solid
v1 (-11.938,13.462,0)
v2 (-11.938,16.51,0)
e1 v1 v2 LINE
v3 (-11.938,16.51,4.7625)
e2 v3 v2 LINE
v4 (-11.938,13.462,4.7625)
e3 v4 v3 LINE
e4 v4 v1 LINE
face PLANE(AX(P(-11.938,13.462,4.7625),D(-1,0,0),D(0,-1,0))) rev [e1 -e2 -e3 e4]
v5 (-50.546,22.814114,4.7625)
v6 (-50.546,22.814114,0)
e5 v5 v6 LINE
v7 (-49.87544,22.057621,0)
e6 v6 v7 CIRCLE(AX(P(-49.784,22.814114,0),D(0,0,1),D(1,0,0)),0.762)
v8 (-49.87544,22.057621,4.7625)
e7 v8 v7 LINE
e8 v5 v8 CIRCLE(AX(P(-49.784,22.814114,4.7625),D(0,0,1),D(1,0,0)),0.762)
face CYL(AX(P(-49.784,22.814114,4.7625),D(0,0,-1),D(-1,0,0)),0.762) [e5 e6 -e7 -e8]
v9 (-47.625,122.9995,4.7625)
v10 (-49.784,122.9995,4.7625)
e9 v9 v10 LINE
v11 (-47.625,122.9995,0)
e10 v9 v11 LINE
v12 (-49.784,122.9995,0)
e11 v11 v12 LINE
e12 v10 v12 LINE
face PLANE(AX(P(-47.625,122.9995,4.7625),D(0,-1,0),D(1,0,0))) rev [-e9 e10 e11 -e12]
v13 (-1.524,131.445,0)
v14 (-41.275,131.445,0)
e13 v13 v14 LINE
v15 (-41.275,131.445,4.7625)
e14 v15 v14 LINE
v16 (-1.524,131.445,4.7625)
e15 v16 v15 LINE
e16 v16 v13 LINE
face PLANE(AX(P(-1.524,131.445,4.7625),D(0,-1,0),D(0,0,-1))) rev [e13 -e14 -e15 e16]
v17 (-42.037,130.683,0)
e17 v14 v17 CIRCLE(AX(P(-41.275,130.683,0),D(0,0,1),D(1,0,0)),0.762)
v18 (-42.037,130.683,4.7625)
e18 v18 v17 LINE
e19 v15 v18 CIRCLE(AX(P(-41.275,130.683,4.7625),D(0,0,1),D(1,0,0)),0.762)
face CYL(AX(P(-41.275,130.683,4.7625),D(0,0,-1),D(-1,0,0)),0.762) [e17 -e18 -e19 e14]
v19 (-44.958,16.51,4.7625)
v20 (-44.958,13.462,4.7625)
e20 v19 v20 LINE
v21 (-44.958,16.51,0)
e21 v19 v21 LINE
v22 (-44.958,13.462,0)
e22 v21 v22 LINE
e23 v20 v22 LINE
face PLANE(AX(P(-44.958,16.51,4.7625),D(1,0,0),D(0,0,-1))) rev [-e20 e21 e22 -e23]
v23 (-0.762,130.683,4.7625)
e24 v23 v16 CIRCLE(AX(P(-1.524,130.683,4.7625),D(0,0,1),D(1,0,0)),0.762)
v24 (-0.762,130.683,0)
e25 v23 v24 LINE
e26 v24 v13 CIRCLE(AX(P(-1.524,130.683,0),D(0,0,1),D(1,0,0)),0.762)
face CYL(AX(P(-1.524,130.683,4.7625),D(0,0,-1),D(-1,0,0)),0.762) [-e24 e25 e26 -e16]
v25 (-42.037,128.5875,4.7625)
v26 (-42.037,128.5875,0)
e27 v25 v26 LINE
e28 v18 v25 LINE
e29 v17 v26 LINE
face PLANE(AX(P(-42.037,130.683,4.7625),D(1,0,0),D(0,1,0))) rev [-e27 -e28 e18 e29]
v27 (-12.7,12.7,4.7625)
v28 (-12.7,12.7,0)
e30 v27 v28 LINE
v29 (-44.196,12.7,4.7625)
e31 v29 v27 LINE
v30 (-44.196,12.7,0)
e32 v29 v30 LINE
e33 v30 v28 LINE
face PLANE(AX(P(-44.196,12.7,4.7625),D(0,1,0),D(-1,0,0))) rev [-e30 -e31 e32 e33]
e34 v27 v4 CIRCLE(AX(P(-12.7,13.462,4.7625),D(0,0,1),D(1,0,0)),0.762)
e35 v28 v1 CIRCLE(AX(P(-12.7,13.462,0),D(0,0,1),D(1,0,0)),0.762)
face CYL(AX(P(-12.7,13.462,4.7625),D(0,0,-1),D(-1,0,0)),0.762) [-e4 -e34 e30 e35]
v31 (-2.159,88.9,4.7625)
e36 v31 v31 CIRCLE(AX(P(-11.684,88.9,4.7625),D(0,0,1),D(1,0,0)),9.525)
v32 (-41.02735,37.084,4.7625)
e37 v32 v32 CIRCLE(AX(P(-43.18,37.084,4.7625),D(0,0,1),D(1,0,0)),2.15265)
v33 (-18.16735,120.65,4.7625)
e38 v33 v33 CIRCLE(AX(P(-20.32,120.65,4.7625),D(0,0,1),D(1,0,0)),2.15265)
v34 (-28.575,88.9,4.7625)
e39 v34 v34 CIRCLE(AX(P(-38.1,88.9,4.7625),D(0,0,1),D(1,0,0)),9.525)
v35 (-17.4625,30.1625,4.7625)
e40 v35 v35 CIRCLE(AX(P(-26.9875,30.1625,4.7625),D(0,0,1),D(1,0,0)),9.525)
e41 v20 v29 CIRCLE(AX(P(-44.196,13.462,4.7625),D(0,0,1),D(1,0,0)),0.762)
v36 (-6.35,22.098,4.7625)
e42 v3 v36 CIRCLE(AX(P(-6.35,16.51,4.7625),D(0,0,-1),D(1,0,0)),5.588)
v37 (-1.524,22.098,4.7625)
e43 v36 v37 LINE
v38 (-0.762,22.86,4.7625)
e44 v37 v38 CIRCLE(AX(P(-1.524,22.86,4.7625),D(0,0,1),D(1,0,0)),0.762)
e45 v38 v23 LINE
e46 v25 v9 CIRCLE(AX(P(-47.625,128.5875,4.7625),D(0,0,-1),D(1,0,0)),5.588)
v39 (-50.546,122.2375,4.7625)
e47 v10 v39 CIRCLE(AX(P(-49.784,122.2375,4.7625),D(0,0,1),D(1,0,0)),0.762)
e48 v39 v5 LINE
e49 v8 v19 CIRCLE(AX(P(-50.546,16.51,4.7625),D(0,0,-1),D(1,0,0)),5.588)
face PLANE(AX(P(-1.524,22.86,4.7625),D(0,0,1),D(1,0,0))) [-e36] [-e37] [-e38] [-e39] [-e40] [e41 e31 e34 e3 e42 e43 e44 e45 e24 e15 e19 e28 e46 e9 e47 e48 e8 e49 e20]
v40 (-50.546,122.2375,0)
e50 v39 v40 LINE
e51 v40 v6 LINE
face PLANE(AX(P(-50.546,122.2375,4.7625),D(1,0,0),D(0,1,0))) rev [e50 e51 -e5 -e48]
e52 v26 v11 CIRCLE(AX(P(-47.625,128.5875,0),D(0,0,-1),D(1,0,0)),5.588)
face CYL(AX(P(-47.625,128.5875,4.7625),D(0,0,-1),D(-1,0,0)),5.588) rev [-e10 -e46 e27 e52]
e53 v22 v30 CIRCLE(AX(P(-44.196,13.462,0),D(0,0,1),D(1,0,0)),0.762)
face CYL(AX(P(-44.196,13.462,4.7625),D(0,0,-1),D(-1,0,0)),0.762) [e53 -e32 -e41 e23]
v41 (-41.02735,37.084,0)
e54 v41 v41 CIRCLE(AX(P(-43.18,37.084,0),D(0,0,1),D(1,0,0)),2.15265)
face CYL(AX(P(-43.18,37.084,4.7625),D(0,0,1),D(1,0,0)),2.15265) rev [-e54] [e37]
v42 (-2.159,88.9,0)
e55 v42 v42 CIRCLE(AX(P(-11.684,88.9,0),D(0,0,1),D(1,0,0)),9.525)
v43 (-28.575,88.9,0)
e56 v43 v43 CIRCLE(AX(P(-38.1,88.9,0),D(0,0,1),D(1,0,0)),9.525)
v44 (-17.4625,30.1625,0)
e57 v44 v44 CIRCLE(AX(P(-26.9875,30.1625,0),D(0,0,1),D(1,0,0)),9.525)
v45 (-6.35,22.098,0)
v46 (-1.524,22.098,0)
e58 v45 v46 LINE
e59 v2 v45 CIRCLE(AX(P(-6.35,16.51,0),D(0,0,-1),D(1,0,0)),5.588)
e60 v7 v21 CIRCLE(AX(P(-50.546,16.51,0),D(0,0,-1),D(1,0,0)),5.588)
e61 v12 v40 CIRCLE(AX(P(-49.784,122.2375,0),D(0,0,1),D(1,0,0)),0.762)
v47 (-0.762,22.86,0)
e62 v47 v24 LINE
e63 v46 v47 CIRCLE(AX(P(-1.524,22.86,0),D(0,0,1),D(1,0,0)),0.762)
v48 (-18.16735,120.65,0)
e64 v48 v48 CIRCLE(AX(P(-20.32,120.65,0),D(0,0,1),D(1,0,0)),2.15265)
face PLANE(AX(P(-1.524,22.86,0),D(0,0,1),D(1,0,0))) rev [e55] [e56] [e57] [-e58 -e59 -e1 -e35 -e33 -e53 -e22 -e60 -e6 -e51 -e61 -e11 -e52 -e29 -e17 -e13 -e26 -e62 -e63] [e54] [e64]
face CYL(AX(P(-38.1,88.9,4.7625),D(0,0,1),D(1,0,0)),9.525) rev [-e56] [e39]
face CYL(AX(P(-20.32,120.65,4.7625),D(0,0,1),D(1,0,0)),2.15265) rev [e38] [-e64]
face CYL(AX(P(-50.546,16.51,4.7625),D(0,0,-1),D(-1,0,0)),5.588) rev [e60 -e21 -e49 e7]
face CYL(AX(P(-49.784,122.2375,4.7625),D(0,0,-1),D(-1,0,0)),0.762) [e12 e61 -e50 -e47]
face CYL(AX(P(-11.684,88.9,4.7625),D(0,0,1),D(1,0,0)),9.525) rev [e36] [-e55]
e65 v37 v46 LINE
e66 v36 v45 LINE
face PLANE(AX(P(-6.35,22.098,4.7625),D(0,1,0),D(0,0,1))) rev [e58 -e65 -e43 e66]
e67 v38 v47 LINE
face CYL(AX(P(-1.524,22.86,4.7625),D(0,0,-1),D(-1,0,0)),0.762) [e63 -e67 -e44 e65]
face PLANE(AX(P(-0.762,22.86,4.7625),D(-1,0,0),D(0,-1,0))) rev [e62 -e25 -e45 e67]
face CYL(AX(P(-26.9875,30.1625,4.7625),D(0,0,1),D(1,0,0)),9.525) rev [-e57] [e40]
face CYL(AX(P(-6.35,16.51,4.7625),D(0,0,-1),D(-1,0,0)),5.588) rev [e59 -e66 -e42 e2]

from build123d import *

# Parameters (mm, degrees)
BOSS_EXTRUDE1_DEPTH         = 4.7625
F_3_4_0_75_DIAMETER_HOLE1_D = 19.05
F_6_CLEARANCE_HOLE1_D       = 4.3053


with BuildPart() as part:
    # Sketch1 → Boss-Extrude1 (new body)
    with BuildSketch(Plane.XY):
        with BuildLine():
            Line((-0.762, 22.86), (-0.762, 130.683))
            ThreePointArc((-0.762, 130.683), (-0.985184633, 131.221815367), (-1.524, 131.445))
            Line((-1.524, 131.445), (-41.275, 131.445))
            ThreePointArc((-41.275, 131.445), (-41.813815367, 131.221815367), (-42.037, 130.683))
            Line((-42.037, 130.683), (-42.037, 128.5875))
            ThreePointArc((-42.037, 128.5875), (-43.673687307, 124.636187307), (-47.625, 122.9995))
            Line((-47.625, 122.9995), (-49.784, 122.9995))
            ThreePointArc((-49.784, 122.9995), (-50.322815367, 122.776315367), (-50.546, 122.2375))
            Line((-50.546, 122.2375), (-50.546, 22.814114212))
            ThreePointArc((-50.546, 22.814114212), (-50.354228586, 22.308660594), (-49.87544, 22.057620507))
            ThreePointArc((-49.87544, 22.057620507), (-46.364323705, 20.216659866), (-44.958, 16.51))
            Line((-44.958, 16.51), (-44.958, 13.462))
            ThreePointArc((-44.958, 13.462), (-44.734815367, 12.923184633), (-44.196, 12.7))
            Line((-44.196, 12.7), (-12.7, 12.7))
            ThreePointArc((-12.7, 12.7), (-12.161184633, 12.923184633), (-11.938, 13.462))
            Line((-11.938, 13.462), (-11.938, 16.51))
            ThreePointArc((-11.938, 16.51), (-10.301312693, 20.461312693), (-6.35, 22.098))
            Line((-6.35, 22.098), (-1.524, 22.098))
            ThreePointArc((-1.524, 22.098), (-0.985184633, 22.321184633), (-0.762, 22.86))
        make_face()
    extrude(amount=BOSS_EXTRUDE1_DEPTH)

    # 3/4 (0.75) Diameter Hole1 (through all)
    with Locations(Plane.XY.offset(4.7625)):
        with Locations((-38.1, 88.9), (-11.684, 88.9), (-26.9875, 30.1625)):
            Hole(F_3_4_0_75_DIAMETER_HOLE1_D / 2)

    # #6 Clearance Hole1 (through all)
    with Locations(Plane.XY.offset(4.7625)):
        with Locations((-20.32, 120.65), (-43.18, 37.084)):
            Hole(F_6_CLEARANCE_HOLE1_D / 2)


solid = part.part
